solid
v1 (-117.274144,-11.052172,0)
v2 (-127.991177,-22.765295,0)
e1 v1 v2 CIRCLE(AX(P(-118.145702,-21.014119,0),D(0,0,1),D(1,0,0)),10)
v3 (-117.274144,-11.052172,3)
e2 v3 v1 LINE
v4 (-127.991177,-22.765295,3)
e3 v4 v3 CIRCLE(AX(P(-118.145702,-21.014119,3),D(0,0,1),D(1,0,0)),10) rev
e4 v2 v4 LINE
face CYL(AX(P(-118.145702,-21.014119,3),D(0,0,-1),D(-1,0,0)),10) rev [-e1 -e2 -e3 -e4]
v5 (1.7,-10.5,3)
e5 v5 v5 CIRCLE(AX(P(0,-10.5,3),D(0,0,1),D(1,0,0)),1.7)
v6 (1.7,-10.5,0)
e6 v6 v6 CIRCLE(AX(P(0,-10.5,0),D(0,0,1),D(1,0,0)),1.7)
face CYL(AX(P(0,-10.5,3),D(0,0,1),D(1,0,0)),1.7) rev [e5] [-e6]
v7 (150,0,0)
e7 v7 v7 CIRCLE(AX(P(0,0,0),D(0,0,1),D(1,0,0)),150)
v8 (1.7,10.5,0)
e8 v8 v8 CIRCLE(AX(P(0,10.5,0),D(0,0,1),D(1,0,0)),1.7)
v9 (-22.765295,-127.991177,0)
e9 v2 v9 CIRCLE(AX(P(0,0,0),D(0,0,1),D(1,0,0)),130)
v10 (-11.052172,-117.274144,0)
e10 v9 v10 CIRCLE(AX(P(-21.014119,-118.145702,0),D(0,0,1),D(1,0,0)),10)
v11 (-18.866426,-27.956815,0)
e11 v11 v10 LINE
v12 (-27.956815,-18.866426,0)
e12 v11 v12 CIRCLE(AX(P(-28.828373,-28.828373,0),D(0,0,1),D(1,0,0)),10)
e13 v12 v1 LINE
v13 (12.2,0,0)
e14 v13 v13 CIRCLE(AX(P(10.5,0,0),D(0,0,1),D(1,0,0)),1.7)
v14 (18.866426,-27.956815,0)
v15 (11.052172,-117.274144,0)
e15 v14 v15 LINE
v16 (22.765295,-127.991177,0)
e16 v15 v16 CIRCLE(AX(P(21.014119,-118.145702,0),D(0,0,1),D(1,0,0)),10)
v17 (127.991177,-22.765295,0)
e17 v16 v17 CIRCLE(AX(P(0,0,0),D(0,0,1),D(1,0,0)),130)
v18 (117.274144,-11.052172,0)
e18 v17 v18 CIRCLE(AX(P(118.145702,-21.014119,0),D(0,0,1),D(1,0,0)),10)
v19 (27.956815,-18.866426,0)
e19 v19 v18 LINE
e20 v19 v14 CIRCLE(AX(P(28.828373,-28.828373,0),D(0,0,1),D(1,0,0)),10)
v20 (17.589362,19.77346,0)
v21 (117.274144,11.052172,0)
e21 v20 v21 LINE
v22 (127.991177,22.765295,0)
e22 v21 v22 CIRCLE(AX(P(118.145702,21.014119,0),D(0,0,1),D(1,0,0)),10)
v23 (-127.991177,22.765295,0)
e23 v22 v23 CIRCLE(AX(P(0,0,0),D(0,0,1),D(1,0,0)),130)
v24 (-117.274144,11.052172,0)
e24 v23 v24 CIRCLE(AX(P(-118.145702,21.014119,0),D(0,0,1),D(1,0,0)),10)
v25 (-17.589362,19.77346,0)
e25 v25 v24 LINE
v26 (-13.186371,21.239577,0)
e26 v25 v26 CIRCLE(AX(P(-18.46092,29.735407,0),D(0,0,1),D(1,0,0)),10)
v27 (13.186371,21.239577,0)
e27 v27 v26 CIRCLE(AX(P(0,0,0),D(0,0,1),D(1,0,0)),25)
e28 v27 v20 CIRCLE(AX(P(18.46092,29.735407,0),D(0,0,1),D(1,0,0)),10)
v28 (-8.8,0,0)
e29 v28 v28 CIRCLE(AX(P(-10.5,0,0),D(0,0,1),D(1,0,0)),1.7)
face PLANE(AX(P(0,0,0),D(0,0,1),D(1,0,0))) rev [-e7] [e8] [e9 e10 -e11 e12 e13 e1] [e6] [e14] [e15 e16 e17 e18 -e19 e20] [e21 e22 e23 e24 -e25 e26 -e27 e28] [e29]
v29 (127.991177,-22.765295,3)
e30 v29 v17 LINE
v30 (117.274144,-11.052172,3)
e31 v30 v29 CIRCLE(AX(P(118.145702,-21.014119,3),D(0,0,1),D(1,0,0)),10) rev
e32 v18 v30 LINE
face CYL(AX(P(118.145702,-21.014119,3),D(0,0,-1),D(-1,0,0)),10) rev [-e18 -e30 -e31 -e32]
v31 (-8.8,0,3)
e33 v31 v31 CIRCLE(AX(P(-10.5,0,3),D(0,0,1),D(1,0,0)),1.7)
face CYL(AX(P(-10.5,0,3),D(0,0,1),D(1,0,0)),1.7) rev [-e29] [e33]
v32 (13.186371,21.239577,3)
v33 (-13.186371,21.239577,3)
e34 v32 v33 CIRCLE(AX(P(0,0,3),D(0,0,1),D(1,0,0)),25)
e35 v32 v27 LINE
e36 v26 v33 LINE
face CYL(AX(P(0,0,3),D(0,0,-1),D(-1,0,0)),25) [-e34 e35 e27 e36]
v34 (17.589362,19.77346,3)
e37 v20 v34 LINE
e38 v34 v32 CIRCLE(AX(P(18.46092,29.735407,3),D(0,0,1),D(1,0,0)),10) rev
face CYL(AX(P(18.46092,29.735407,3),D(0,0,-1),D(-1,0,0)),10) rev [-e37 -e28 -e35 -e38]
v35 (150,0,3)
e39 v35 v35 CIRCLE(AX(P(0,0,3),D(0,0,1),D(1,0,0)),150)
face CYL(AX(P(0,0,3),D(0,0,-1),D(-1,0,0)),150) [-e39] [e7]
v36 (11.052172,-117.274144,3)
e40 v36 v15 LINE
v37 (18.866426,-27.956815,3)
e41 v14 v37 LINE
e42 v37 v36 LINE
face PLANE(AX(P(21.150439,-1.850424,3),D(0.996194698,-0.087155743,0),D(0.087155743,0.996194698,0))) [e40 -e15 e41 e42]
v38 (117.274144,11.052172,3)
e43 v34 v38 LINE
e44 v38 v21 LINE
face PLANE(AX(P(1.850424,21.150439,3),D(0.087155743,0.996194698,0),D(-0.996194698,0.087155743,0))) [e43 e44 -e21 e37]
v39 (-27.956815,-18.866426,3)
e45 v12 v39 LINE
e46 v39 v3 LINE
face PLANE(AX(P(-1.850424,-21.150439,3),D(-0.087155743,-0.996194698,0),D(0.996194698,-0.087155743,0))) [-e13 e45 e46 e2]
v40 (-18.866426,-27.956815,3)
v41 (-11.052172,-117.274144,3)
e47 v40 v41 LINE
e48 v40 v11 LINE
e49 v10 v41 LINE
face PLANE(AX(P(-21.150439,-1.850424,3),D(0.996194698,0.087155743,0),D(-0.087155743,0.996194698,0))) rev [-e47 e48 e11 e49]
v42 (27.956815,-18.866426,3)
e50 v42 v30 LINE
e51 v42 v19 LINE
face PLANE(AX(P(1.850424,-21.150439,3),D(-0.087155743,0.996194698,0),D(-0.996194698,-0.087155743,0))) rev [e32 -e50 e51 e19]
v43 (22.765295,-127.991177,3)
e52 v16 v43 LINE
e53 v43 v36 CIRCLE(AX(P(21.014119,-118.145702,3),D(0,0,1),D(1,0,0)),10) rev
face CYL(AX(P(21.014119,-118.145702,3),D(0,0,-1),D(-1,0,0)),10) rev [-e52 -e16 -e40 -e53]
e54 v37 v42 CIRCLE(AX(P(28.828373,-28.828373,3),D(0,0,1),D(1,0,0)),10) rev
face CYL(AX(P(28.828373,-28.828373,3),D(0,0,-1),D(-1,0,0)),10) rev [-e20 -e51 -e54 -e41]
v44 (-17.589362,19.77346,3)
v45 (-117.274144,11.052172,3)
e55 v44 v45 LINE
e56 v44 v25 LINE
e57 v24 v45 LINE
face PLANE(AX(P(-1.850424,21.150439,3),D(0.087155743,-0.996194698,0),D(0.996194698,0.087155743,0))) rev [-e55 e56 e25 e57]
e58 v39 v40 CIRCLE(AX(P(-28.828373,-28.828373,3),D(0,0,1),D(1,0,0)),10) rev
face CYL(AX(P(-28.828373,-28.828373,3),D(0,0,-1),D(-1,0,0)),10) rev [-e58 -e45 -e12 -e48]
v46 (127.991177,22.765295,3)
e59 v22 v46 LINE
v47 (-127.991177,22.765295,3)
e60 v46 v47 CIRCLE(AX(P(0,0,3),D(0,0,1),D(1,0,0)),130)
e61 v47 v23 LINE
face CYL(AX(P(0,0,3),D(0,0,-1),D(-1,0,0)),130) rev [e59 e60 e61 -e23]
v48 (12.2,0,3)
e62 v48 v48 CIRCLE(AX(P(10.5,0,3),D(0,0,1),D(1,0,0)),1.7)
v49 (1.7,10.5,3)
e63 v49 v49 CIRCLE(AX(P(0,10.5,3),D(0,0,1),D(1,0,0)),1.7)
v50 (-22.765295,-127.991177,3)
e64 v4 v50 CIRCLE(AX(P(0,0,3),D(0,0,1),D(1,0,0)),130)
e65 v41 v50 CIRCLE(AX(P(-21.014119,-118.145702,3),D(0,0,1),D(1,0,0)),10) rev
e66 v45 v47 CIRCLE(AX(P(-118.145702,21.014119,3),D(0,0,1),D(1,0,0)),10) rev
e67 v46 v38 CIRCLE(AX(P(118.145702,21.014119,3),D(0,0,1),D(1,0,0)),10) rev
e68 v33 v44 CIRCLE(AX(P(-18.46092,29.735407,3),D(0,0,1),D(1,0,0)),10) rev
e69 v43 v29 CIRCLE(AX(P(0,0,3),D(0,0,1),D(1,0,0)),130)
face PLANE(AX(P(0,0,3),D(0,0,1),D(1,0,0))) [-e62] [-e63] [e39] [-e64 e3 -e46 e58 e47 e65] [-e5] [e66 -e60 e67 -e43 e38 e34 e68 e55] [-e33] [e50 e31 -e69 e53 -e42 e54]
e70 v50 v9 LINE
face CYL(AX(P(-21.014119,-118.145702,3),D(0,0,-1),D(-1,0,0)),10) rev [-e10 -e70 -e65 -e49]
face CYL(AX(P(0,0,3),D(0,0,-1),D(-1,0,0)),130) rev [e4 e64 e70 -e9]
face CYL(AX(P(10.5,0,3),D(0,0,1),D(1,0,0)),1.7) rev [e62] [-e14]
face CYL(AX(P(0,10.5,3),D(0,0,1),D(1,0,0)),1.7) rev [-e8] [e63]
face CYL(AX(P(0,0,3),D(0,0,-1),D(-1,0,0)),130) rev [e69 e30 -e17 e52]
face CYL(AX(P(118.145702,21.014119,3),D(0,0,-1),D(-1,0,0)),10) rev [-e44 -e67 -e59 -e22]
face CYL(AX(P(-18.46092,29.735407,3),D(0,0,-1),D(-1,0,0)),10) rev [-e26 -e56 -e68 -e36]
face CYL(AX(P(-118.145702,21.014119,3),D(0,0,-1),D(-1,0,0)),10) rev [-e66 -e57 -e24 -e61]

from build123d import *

# Parameters (mm, degrees)
CROQUIS1_R                   = 150
SALIENTE_EXTRUIR1_DEPTH      = 3
REDONDEO1_R                  = 10
TALADRO_DE_MARGEN_PARA_M31_D = 3.4


with BuildPart() as part:
    # Croquis1 → Saliente-Extruir1 (new body)
    with BuildSketch(Plane.XY):
        Circle(CROQUIS1_R)
        with BuildLine():
            Line((9.972316505, -129.616946822), (19.597749078, -19.597749078))
            Line((19.597749078, -19.597749078), (129.616946822, -9.972316505))
            ThreePointArc((129.616946822, -9.972316505), (91.923881554, -91.923881554), (9.972316505, -129.616946822))
        make_face(mode=Mode.SUBTRACT)
        with BuildLine():
            Line((129.616946822, 9.972316505), (15, 20))
            ThreePointArc((15, 20), (0, 25), (-15, 20))
            Line((-15, 20), (-129.616946822, 9.972316505))
            ThreePointArc((-129.616946822, 9.972316505), (0, 130), (129.616946822, 9.972316505))
        make_face(mode=Mode.SUBTRACT)
        with BuildLine():
            Line((-129.616946822, -9.972316505), (-19.597749078, -19.597749078))
            Line((-19.597749078, -19.597749078), (-9.972316505, -129.616946822))
            ThreePointArc((-9.972316505, -129.616946822), (-91.923881554, -91.923881554), (-129.616946822, -9.972316505))
        make_face(mode=Mode.SUBTRACT)
    extrude(amount=SALIENTE_EXTRUIR1_DEPTH)

    # Redondeo1
    redondeo1_edges = [part.edges().sort_by_distance(p)[0] for p in [
        (-129.616946822, 9.972316505, 1.5),
        (-15, 20, 1.5),
        (15, 20, 1.5),
        (129.616946822, 9.972316505, 1.5),
        (9.972316505, -129.616946822, 1.5),
        (129.616946822, -9.972316505, 1.5),
        (19.597749078, -19.597749078, 1.5),
        (-129.616946822, -9.972316505, 1.5),
        (-9.972316505, -129.616946822, 1.5),
        (-19.597749078, -19.597749078, 1.5),
    ]]
    fillet(redondeo1_edges, radius=REDONDEO1_R)

    # Taladro de margen para M31 (through all)
    with Locations(Plane.XY.offset(3)):
        with Locations((0, 10.5), (10.5, 0), (0, -10.5), (-10.5, 0)):
            Hole(TALADRO_DE_MARGEN_PARA_M31_D / 2)


solid = part.part
